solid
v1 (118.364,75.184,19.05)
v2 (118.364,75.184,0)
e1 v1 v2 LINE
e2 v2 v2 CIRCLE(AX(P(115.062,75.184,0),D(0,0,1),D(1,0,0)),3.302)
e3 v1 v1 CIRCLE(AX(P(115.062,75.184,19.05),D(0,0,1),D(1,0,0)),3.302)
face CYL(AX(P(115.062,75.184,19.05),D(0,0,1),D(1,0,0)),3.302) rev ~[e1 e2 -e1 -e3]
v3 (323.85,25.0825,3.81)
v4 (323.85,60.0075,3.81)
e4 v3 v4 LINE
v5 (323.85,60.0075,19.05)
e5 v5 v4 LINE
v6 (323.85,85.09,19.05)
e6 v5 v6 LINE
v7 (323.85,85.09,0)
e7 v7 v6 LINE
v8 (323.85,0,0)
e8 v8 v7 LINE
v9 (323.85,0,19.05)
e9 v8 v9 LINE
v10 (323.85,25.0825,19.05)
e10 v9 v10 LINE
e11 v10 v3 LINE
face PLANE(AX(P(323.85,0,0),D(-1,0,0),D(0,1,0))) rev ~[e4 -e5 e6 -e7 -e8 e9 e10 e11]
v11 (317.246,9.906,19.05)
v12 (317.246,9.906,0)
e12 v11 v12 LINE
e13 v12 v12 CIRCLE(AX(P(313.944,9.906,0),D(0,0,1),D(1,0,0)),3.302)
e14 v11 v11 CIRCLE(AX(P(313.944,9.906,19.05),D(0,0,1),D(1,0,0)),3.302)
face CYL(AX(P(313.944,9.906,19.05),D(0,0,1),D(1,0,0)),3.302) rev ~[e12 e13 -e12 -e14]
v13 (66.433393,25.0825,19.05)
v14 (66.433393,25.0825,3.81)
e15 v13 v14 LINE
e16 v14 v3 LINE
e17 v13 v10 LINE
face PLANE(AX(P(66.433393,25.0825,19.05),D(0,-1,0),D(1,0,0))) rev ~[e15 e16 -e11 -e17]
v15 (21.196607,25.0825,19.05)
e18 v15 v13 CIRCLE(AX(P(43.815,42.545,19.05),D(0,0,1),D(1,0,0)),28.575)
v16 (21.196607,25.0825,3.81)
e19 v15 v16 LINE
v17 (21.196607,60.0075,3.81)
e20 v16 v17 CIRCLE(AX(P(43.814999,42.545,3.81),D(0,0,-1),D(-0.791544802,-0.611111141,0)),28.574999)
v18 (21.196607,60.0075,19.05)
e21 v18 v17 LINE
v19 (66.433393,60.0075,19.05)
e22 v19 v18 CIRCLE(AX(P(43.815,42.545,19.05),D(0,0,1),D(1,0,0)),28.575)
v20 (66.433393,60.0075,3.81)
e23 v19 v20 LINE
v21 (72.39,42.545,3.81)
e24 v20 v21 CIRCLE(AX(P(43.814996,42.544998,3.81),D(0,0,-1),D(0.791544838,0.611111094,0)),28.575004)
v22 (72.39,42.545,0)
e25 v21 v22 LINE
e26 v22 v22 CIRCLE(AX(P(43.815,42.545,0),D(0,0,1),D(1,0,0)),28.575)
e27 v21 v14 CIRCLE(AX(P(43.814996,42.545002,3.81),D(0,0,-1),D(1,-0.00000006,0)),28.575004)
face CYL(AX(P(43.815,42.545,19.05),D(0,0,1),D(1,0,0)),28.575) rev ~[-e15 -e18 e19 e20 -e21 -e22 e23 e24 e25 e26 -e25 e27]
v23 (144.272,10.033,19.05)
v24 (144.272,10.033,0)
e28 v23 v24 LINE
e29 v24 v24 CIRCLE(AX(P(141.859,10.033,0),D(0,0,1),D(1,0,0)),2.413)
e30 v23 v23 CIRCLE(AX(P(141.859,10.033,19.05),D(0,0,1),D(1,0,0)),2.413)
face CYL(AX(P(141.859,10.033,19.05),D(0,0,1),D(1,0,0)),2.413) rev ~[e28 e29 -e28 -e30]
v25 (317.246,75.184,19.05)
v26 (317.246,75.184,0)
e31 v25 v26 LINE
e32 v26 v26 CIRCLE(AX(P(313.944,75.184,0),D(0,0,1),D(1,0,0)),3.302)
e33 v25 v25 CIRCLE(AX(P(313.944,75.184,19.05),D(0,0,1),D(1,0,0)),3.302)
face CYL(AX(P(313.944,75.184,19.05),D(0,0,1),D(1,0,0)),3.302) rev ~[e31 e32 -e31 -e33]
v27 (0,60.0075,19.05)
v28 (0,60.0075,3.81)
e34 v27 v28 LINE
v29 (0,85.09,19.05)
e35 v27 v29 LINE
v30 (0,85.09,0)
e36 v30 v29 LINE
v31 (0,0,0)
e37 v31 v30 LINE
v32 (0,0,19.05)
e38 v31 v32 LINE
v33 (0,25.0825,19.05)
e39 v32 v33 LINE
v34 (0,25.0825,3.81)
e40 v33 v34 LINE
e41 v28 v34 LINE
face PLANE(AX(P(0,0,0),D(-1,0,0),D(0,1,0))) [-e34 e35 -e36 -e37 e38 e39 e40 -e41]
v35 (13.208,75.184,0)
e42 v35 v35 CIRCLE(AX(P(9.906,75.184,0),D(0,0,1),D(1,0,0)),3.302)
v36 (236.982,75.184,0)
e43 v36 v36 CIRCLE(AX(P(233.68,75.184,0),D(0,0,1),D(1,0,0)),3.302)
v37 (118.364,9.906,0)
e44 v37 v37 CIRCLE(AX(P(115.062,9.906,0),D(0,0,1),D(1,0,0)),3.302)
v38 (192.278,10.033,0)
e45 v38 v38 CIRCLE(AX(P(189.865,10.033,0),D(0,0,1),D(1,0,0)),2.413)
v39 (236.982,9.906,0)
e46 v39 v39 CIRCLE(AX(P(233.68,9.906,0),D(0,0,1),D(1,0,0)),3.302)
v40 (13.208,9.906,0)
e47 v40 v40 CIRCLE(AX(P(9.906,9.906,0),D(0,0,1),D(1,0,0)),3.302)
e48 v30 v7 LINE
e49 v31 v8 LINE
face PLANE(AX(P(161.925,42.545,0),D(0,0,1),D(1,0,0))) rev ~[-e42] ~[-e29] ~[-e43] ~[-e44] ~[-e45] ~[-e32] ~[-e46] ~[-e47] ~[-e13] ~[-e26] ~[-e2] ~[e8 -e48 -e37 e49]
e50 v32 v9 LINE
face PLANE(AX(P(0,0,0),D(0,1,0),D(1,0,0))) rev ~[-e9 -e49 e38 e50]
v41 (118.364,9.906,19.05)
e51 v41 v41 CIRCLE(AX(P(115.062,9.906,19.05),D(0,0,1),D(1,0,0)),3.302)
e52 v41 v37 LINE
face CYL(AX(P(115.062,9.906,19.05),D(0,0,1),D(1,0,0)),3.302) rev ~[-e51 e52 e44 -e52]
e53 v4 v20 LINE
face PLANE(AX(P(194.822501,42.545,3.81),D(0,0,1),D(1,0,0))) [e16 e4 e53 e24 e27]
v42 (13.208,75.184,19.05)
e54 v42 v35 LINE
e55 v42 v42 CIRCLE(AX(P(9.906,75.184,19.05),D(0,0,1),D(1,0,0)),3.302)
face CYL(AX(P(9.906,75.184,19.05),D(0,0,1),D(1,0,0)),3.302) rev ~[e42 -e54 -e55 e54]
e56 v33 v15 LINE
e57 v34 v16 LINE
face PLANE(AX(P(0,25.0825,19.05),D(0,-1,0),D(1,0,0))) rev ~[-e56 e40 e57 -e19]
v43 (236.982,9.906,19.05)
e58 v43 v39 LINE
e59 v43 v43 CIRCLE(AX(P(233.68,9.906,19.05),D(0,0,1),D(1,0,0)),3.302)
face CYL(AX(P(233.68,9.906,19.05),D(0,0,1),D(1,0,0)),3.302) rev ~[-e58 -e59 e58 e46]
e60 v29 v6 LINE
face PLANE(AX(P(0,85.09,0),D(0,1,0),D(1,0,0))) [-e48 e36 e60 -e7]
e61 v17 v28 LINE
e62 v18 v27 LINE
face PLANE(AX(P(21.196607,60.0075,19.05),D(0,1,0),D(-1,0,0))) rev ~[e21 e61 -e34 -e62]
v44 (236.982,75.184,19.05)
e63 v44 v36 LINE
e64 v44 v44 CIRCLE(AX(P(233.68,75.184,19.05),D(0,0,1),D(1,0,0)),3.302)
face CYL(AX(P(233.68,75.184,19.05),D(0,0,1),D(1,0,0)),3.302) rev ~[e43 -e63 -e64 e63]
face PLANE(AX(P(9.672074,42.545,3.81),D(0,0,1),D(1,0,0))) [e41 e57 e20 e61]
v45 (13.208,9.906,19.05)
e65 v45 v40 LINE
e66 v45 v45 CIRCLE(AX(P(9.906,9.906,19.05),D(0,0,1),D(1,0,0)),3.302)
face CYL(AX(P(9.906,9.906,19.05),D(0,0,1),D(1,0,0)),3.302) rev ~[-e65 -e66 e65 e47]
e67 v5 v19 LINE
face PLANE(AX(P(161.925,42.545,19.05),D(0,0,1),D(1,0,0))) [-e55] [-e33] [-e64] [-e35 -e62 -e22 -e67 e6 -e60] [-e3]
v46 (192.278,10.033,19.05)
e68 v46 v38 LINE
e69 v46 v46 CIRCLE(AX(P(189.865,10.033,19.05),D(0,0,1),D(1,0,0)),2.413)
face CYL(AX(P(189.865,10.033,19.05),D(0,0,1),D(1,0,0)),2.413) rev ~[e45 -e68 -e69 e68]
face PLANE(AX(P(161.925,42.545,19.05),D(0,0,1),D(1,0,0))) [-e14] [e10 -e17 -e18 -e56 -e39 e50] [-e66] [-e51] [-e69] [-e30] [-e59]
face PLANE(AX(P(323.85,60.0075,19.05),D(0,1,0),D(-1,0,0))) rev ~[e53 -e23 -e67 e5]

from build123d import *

# Parameters (mm, degrees)
F0_W     = 323.85
F0_H     = 85.09
F1_DEPTH = 19.05
F2_R     = 28.575
F3_DEPTH = 19.051
F4_R     = 3.302
F5_DEPTH = 19.051
F6_R     = 2.413
F7_DEPTH = 19.051
F9_DEPTH = 15.24


with BuildPart() as f1:
    # F0 (on Top) → F1 (new body)
    with BuildSketch(Plane.XY):
        with Locations((161.925, 42.545)):
            Rectangle(F0_W, F0_H)
    extrude(amount=F1_DEPTH)

    # F2 (on face) → F3 (cut, through all)
    with BuildSketch(Plane.XY.offset(19.05)):
        with Locations((43.815, 42.545)):
            Circle(F2_R)
    extrude(amount=-F3_DEPTH, mode=Mode.SUBTRACT)

    # F4 (on face) → F5 (cut, through all)
    with BuildSketch(Plane.XY.offset(19.05)):
        with Locations((9.906, 75.184)):
            Circle(F4_R)
        with Locations((115.062, 75.184)):
            Circle(F4_R)
        with Locations((233.68, 75.184)):
            Circle(F4_R)
        with Locations((313.944, 75.184)):
            Circle(F4_R)
        with Locations((115.062, 9.906)):
            Circle(F4_R)
        with Locations((9.906, 9.906)):
            Circle(F4_R)
        with Locations((233.68, 9.906)):
            Circle(F4_R)
        with Locations((313.944, 9.906)):
            Circle(F4_R)
    extrude(amount=-F5_DEPTH, mode=Mode.SUBTRACT)

    # F6 (on face) → F7 (cut, through all)
    with BuildSketch(Plane.XY.offset(19.05)):
        with Locations((141.859, 10.033)):
            Circle(F6_R)
        with Locations((189.865, 10.033)):
            Circle(F6_R)
    extrude(amount=-F7_DEPTH, mode=Mode.SUBTRACT)

    # F8 (on face) → F9 (cut)
    with BuildSketch(Plane.XY.offset(19.05)):
        with BuildLine():
            Line((323.85, 60.0075), (66.433393, 60.0075))
            ThreePointArc((66.433393, 60.0075), (70.859881, 51.770238), (72.39, 42.545))
            ThreePointArc((72.39, 42.545), (70.859881, 33.319762), (66.433393, 25.0825))
            Line((66.433393, 25.0825), (323.85, 25.0825))
            Line((323.85, 25.0825), (323.85, 60.0075))
        make_face()
        with BuildLine():
            Line((21.196607, 60.0075), (0, 60.0075))
            Line((0, 60.0075), (0, 25.0825))
            Line((0, 25.0825), (21.196607, 25.0825))
            ThreePointArc((21.196607, 25.0825), (15.24, 42.545), (21.196607, 60.0075))
        make_face()
    extrude(amount=-F9_DEPTH, mode=Mode.SUBTRACT)


solid = f1.part
